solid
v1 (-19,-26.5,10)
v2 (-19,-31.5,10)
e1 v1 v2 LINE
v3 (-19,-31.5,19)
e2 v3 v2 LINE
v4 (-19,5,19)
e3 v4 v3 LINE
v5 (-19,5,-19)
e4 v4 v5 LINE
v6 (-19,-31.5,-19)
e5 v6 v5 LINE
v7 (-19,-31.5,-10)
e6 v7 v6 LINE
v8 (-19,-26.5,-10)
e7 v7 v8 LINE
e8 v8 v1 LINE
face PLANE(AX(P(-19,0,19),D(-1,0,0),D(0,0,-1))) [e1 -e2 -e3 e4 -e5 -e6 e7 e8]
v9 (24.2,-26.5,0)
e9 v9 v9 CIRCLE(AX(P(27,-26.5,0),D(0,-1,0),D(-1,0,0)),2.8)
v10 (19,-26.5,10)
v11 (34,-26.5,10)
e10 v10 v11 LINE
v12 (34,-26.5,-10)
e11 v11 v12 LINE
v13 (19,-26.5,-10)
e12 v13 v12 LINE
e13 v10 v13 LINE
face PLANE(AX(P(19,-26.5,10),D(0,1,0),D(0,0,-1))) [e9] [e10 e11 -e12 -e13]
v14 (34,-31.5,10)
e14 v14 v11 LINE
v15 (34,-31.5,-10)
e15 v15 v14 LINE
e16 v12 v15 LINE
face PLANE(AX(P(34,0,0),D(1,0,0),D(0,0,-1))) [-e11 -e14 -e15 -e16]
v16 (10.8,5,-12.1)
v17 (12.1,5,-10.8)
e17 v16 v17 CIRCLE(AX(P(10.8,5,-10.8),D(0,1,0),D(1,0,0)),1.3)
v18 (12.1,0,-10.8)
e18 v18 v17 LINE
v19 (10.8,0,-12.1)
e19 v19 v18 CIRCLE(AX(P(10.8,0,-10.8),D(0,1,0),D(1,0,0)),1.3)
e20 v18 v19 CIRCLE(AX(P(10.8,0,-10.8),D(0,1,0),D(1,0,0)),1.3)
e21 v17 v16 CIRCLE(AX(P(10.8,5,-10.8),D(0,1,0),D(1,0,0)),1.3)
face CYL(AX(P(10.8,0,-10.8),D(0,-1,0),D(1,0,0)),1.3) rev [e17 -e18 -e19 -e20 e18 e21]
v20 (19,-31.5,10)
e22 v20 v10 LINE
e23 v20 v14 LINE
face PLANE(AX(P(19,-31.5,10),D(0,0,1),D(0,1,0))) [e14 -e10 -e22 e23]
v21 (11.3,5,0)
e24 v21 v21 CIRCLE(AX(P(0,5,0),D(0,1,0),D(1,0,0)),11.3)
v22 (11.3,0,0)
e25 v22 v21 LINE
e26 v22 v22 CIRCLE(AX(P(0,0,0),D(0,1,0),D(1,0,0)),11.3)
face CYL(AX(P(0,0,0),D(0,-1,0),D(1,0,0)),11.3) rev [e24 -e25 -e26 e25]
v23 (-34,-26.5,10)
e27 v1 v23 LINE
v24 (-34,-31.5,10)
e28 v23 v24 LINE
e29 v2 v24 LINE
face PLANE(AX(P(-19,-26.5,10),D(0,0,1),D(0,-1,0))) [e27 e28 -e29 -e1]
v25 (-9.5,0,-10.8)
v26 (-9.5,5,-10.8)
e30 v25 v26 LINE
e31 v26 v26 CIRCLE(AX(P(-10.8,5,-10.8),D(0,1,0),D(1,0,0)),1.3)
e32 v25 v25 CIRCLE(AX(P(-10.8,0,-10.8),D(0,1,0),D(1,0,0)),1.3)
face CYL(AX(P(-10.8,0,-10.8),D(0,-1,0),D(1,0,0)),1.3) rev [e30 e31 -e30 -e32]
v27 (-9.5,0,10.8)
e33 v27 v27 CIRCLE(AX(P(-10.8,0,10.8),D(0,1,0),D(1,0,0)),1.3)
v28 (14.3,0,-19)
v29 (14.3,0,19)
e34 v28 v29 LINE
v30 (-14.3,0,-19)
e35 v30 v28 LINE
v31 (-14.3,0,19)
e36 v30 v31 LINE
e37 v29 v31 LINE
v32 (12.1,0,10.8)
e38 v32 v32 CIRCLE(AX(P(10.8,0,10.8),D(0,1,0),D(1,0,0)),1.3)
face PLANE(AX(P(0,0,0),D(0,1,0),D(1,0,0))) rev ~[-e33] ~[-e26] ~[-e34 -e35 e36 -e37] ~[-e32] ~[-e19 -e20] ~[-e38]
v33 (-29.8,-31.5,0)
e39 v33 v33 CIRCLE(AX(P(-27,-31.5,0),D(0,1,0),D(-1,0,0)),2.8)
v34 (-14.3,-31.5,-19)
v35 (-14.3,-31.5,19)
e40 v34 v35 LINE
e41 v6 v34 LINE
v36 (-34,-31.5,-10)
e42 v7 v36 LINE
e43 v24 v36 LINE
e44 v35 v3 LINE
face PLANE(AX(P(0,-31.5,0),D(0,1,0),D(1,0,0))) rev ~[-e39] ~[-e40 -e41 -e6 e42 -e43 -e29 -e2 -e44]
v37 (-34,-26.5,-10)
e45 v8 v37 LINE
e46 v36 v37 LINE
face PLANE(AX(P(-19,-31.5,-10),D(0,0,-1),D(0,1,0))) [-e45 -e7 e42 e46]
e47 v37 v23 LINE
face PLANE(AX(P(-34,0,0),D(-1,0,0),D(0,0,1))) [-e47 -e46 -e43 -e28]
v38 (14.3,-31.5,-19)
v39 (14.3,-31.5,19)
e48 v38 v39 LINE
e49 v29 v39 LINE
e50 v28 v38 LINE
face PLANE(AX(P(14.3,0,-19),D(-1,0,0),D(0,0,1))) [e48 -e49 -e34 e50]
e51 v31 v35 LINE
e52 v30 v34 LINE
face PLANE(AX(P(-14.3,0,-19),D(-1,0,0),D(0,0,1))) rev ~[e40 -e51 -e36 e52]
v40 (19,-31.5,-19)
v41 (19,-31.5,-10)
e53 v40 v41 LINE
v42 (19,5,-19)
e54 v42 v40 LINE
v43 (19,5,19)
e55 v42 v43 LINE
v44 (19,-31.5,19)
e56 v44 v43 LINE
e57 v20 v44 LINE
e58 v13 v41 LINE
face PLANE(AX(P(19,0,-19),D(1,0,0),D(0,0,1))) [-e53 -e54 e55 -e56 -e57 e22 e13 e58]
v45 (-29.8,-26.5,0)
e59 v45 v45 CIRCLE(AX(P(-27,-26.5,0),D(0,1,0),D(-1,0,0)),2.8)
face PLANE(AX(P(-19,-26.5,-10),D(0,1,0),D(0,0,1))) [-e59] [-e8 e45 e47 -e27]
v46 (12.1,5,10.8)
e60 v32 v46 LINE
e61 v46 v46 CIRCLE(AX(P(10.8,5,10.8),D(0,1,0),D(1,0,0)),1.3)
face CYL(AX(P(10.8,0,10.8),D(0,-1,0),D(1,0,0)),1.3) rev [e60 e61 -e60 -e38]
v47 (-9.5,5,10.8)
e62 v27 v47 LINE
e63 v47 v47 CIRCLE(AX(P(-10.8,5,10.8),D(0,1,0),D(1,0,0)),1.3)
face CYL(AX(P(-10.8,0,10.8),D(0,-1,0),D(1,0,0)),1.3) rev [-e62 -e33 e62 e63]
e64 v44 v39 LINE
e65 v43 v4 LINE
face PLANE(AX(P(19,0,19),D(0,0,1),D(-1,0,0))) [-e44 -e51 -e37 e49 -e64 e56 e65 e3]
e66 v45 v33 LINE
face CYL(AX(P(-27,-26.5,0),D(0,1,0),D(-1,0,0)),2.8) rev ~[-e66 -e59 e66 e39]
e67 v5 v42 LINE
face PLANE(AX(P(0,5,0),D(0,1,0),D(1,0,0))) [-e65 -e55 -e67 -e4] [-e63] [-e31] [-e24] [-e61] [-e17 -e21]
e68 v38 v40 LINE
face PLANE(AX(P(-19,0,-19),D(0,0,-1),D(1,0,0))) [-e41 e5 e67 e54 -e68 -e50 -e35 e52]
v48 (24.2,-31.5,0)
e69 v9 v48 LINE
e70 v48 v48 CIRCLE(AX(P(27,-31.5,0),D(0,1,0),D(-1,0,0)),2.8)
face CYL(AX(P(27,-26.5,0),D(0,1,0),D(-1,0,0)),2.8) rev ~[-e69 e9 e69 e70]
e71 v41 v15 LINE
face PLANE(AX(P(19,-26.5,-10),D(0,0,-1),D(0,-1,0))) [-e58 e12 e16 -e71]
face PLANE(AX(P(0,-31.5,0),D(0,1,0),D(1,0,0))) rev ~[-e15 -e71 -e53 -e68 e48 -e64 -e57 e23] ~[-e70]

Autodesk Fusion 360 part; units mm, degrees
sketch "Sketch1" plane through (0, 0, 0) normal (0, 1, 0) x (1, 0, 0)
  line L0 (14, 14) -> (-14, 14)
  line L1 (-14, 14) -> (-14, -14)
  line L2 (-14, -14) -> (14, -14)
  line L3 (14, -14) -> (14, 14)
  line L4 (14, 14) -> (-14, -14) construction
  line L5 (-14, 14) -> (14, -14) construction
  line L6 (14, 14) -> (10.8, 14)
  line L7 (10.8, 14) -> (10.8, 10.8)
  circle A0 centre (10.8, 10.8) radius 1.3
  circle A1 centre (-10.8, 10.8) radius 1.3
  circle A2 centre (-10.8, -10.8) radius 1.3
  circle A3 centre (10.8, -10.8) radius 1.3
  line L8 (-19, 19) -> (19, 19)
  line L9 (19, 19) -> (19, -19)
  line L10 (19, -19) -> (-19, -19)
  line L11 (-19, -19) -> (-19, 19)
  line L12 (-19, 19) -> (19, -19) construction
  line L13 (19, 19) -> (-19, -19) construction
  circle A4 centre (0, 0) radius 11.3
  dimension "d1" = 28
  dimension "d2" = 28
  dimension "d3" = 3.2
  dimension "d4" = 3.2
  dimension "d5" = 2.6
  dimension "d7" = 360
  dimension "d8" = 38
  dimension "d9" = 38
  dimension "d10" = 22.6
extrude "Extrude1" add sketch "Sketch1" along normal blind 5 contours L0 L1 L2 L3 L6 | L8 L9 L10 L11
sketch "Sketch2" plane through (0, 0, 0) normal (0, 1, 0) x (1, 0, 0)
  circle A0 centre (10.8, 10.8) radius 1.3
  circle A1 centre (0, 0) radius 11.3
  circle A2 centre (10.8, -10.8) radius 1.3
  circle A3 centre (-10.8, -10.8) radius 1.3
  circle A4 centre (-10.8, 10.8) radius 1.3
  line L0 (19, -19) -> (-19, -19)
  line L1 (-19, -19) -> (-19, 19)
  line L2 (-19, 19) -> (19, 19)
  line L3 (19, 19) -> (19, -19)
  line L4 (14, 19) -> (14, -19)
  line L5 (-14, 19) -> (-14, -19)
  point P0 (-14, -14)
  point P1 (14, -14)
  point P2 (14, 14)
  point P3 (-14, 14)
extrude "Extrude2" add sketch "Sketch2" against normal blind 31.5 contours L0 L2 L3 L4 | L0 L1 L2 L5
extrude "Extrude3" cut 1 faces at (-14, -10.5, -6.3333) along direction (-1, 0, 0) blind 0.3
extrude "Extrude4" cut 1 faces at (14, -10.5, -6.3333) along direction (1, 0, 0) blind 0.3
sketch "Sketch3" plane through (-19, 0, 0) normal (-1, 0, 0) x (0, 0, 1)
  line L0 (19, -31.5) -> (19, 5)
  line L1 (19, 5) -> (-19, 5)
  line L2 (-19, 5) -> (-19, -31.5)
  line L3 (-19, -31.5) -> (19, -31.5)
  line L4 (0, -31.5) -> (-10, -31.5)
  line L5 (0, -31.5) -> (10, -31.5)
  line L6 (10, -31.5) -> (-10, -31.5)
  line L7 (-10, -31.5) -> (-10, -26.5)
  line L8 (-10, -26.5) -> (10, -26.5)
  line L9 (10, -26.5) -> (10, -31.5)
  dimension "d19" = 10
  dimension "d20" = 20
  dimension "d21" = 5
extrude "Extrude5" add sketch "Sketch3" along normal blind 15 contours L3 L4 L5 L6 L7 L8 L9
sketch "Sketch4" plane through (0, -26.5, 0) normal (0, 1, 0) x (-1, 0, 0)
  line L0 (19, 10) -> (19, -10)
  line L1 (19, -10) -> (34, -10)
  line L2 (34, -10) -> (34, 10)
  line L3 (34, 10) -> (19, 10)
  line L4 (34, 0) -> (27, 0)
  circle A0 centre (27, 0) radius 2.8
  dimension "d24" = 7
  dimension "d25" = 5.6
sketch "Sketch5" plane through (19, 0, 0) normal (1, 0, 0) x (0, 0, -1)
  line L0 (19, -31.5) -> (19, 5)
  line L1 (19, 5) -> (-19, 5)
  line L2 (-19, 5) -> (-19, -31.5)
  line L3 (-19, -31.5) -> (19, -31.5)
  line L4 (0, -31.5) -> (10, -31.5)
  line L5 (10, -31.5) -> (-10, -31.5)
  line L6 (-10, -31.5) -> (-10, -26.5)
  line L7 (-10, -26.5) -> (10, -26.5)
  line L8 (10, -26.5) -> (10, -31.5)
  dimension "d26" = 10
  dimension "d27" = 20
  dimension "d28" = 5
extrude "Extrude6" add sketch "Sketch5" along normal blind 15 contours L3 L4 L5 L6 L7 L8
sketch "Sketch6" plane through (0, -26.5, 0) normal (0, 1, 0) x (-1, 0, 0)
  line L0 (-19, -10) -> (-19, 10)
  line L1 (-19, 10) -> (-34, 10)
  line L2 (-34, 10) -> (-34, -10)
  line L3 (-34, -10) -> (-19, -10)
  line L4 (-34, 0) -> (-27, 0)
  circle A0 centre (-27, 0) radius 2.8
  dimension "d31" = 7
  dimension "d32" = 5.6
extrude "Extrude7" cut sketch "Sketch4" sketch "Sketch6" against normal blind 11 contours A0 of sketch 2 contours A0
